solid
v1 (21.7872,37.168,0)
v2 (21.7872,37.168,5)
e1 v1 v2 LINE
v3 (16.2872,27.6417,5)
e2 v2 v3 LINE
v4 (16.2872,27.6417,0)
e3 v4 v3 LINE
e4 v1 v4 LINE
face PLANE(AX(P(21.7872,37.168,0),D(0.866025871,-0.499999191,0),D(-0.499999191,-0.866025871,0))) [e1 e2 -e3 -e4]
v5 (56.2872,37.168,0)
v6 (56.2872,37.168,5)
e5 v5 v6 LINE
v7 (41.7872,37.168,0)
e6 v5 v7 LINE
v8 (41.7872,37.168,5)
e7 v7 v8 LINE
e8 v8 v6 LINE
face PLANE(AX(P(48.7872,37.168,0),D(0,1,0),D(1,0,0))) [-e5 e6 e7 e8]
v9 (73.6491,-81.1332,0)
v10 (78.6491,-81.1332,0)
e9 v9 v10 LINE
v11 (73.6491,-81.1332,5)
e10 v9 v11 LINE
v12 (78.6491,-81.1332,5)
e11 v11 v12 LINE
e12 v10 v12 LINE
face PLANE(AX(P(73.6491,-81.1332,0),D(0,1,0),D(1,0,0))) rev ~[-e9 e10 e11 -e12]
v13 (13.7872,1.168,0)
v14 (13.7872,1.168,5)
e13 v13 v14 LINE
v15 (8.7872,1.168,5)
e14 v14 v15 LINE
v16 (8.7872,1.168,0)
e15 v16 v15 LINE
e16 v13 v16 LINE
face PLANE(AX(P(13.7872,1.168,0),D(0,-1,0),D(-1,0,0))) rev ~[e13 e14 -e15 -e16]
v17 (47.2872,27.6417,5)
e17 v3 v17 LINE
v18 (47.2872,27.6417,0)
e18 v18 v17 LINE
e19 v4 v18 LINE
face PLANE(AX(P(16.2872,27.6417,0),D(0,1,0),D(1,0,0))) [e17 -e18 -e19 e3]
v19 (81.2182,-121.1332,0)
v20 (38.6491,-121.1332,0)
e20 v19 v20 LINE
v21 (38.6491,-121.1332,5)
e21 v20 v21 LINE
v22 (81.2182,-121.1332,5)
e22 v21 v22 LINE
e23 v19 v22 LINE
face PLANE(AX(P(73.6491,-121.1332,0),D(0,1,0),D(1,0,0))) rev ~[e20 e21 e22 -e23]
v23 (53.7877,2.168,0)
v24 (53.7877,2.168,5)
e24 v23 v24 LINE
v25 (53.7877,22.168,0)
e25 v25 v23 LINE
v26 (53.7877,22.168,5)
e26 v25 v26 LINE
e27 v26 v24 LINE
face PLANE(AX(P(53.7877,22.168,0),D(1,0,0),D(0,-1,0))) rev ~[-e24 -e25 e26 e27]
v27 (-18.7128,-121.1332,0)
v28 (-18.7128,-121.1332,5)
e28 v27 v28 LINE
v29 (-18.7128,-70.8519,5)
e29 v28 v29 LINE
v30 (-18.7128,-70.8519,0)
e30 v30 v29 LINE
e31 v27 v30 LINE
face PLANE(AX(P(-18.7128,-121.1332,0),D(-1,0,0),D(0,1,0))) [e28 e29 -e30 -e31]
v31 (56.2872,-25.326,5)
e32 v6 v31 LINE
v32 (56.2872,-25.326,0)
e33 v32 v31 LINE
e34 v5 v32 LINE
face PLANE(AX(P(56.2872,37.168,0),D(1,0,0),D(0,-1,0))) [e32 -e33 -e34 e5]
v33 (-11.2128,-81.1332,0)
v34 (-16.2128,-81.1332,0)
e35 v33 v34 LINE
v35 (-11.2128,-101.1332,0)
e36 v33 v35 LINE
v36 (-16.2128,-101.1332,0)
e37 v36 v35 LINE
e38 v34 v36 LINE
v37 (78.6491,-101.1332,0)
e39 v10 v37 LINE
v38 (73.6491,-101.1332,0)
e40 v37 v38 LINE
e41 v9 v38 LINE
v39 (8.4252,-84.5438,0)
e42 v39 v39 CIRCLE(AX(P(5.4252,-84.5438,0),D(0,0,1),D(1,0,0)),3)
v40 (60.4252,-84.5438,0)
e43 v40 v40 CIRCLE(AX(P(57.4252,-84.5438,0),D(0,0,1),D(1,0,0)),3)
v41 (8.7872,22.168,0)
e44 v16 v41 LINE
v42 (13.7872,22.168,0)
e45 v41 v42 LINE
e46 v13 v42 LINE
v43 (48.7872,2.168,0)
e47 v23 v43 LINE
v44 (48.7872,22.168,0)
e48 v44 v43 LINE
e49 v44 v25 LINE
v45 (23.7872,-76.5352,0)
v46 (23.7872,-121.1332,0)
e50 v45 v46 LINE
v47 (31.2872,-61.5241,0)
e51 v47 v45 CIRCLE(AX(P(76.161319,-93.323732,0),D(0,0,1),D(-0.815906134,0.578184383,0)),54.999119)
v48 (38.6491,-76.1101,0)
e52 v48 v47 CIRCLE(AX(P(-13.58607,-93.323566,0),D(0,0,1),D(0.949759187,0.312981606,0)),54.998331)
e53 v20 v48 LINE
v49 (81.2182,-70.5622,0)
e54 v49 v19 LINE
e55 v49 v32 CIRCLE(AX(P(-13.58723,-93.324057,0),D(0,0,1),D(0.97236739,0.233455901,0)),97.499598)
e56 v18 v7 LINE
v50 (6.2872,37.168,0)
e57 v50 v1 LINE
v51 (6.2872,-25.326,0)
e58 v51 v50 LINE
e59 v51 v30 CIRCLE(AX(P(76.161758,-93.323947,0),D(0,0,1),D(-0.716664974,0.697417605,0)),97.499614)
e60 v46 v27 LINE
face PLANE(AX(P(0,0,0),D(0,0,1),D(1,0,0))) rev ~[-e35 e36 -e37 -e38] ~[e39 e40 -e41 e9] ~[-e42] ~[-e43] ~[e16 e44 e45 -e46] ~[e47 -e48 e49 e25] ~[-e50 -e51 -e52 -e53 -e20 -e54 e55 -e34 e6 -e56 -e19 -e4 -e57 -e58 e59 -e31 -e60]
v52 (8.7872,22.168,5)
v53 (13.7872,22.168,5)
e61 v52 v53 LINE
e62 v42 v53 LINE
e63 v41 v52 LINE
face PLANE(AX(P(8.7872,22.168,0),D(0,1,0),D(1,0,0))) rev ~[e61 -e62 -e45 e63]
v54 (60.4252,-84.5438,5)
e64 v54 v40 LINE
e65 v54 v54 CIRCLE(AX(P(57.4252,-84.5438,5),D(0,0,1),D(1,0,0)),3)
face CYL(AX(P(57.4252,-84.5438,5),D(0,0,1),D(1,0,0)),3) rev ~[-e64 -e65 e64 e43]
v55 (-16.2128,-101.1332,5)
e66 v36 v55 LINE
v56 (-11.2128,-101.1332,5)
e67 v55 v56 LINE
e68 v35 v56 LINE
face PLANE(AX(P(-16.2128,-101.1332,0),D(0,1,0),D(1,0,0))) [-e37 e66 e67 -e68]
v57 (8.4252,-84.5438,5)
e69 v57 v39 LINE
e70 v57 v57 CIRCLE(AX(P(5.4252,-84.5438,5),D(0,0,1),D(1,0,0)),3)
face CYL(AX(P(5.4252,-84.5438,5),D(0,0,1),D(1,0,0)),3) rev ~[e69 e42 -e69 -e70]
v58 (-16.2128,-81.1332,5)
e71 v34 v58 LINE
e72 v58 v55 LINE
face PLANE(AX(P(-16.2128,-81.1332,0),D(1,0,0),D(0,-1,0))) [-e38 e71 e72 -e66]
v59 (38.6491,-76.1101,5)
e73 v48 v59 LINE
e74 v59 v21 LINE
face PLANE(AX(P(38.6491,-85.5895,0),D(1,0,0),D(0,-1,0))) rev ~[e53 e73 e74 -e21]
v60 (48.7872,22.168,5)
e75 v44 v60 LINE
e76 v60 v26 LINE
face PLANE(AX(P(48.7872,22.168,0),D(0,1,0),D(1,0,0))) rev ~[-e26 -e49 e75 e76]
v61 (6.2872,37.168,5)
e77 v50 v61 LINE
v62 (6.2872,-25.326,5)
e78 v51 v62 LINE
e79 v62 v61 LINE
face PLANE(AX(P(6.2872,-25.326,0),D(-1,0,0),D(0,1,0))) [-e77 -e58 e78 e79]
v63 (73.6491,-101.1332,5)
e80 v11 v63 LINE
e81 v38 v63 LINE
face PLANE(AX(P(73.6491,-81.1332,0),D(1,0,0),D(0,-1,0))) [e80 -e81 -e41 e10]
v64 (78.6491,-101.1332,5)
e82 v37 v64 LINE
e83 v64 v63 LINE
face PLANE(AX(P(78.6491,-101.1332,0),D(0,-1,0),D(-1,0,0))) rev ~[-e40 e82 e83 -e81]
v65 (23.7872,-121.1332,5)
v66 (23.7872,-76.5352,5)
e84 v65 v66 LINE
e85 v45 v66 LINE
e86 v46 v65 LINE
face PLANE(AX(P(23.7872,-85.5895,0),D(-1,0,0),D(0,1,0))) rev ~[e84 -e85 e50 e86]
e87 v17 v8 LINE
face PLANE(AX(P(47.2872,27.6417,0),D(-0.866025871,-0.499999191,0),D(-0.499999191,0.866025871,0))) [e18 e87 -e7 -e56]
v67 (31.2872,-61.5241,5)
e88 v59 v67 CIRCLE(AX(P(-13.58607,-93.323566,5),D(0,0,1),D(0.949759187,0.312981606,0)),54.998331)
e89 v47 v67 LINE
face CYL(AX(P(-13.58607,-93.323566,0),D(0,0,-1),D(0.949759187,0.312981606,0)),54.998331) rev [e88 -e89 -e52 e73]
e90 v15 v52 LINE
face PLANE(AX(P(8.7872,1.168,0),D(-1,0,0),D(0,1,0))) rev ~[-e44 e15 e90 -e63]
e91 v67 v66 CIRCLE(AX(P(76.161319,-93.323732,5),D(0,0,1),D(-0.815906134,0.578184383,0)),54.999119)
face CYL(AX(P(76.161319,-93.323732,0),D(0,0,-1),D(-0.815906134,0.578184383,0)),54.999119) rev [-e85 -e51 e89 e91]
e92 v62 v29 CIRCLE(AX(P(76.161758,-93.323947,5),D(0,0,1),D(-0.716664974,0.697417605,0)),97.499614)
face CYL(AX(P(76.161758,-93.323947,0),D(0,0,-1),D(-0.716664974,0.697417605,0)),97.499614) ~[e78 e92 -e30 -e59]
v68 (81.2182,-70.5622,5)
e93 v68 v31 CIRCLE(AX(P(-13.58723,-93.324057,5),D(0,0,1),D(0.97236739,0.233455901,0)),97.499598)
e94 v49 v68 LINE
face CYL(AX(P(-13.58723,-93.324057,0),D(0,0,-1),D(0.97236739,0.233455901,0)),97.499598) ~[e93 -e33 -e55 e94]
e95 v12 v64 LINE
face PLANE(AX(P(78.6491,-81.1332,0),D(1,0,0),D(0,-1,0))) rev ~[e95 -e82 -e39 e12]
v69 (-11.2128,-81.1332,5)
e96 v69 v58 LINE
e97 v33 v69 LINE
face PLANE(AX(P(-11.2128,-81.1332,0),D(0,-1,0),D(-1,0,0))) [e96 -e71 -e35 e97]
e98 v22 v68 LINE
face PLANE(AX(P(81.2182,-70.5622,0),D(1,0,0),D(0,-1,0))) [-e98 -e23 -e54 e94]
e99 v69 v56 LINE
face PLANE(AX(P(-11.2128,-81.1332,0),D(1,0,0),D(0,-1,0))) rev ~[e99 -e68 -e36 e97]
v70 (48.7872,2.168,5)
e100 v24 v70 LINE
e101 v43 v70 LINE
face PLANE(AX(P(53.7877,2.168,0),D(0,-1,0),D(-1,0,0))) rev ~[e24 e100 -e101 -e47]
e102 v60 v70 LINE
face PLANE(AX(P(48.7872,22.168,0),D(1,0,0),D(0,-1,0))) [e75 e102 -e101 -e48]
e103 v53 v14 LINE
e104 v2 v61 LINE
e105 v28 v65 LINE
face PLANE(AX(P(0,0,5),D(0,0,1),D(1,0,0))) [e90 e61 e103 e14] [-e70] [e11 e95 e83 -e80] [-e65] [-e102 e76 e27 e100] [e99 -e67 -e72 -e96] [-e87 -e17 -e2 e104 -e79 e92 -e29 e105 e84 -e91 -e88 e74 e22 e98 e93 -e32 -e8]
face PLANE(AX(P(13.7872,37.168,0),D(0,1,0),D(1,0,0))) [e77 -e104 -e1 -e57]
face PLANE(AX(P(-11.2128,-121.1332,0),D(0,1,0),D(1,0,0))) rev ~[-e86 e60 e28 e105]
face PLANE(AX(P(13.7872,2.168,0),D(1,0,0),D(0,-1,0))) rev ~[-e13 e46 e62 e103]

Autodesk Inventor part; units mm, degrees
ref_plane "YZ Plane" through (0, 0, 0) normal (1, 0, 0) x (0, 1, 0)
ref_plane "XZ Plane" through (0, 0, 0) normal (0, 1, 0) x (-1, 0, 0)
ref_plane "XY Plane" through (0, 0, 0) normal (0, 0, 1) x (1, 0, 0)
sketch "Sketch1" plane through (0, 0, 0) normal (0, 0, 1) x (1, 0, 0)
  line L0 (48.7872, 31.5555) -> (48.7872, -28.4445)
  line L1 (13.7872, 31.5555) -> (13.7872, -28.4445)
  arc A0 (13.7872, -28.4445) -> (-11.2128, -71.7458) centre (76.1621, -93.3242) ccw
  line L2 (13.7872, -28.4445) -> (-11.2128, -71.7458) construction
  line L3 (13.7872, -28.4445) -> (63.7872, -28.4445) construction
  line L4 (-11.2128, -71.7458) -> (-11.2128, -121.7458)
  arc A1 (73.6491, -71.1938) -> (48.7872, -28.4445) centre (-13.5876, -93.3242) ccw
  line L5 (73.6491, -71.1938) -> (73.6491, -121.1332)
  line L6 (23.7872, -121.7458) -> (23.7872, -76.5352)
  arc A2 (31.2872, -61.5241) -> (23.7872, -76.5352) centre (76.1621, -93.3242) ccw
  arc A3 (38.6491, -76.1101) -> (31.2872, -61.5241) centre (-13.5876, -93.3242) ccw
  line L7 (38.6491, -76.1101) -> (38.6491, -121.1332)
  line L8 (-18.7128, -121.1332) -> (-18.7128, -70.8519)
  arc A4 (6.2872, -25.326) -> (-18.7128, -70.8519) centre (76.1621, -93.3242) ccw
  line L9 (6.2872, -25.326) -> (6.2872, 37.168)
  line L10 (6.2872, 37.168) -> (56.2872, 37.168)
  line L11 (56.2872, 37.168) -> (56.2872, -25.326)
  arc A5 (81.2182, -70.5622) -> (56.2872, -25.326) centre (-13.5876, -93.3242) ccw
  line L12 (81.2182, -70.5622) -> (81.2182, -121.1332)
  line L13 (-18.7128, -121.1332) -> (81.2182, -121.1332)
  line L14 (13.7872, 31.5555) -> (13.7872, 37.168)
  line L15 (48.7872, 31.5555) -> (48.7872, 37.168)
  line L16 (33.6491, -121.1332) -> (33.6491, -85.5895)
  line L17 (28.7872, -85.5895) -> (28.7872, -121.7458)
  line L18 (23.7872, -85.5895) -> (28.7872, -85.5895)
  line L19 (33.6491, -85.5895) -> (38.6491, -85.5895)
  line L20 (48.4283, 31.5555) -> (48.7872, 31.5555)
  line L21 (13.7872, 2.168) -> (13.7872, 22.168)
  line L22 (48.7872, 2.168) -> (48.7872, 22.168)
  line L23 (73.6491, -101.1332) -> (73.6491, -81.1332)
  line L24 (-11.2128, -81.1332) -> (-11.2128, -101.1332)
  line L25 (79.0378, -80.1332) -> (84.0378, -80.1332)
  line L26 (84.0378, -80.1332) -> (84.0378, -101.1332)
  line L27 (48.7872, 1.168) -> (48.7872, 22.168)
  line L28 (8.7872, 22.168) -> (13.7872, 22.168)
  line L29 (13.7872, 22.168) -> (13.7872, 1.168)
  line L30 (13.7872, 1.168) -> (8.7872, 1.168)
  line L31 (8.7872, 1.168) -> (8.7872, 22.168)
  line L32 (48.7872, 22.168) -> (53.7877, 22.168)
  line L33 (53.7877, 22.168) -> (53.7877, 2.168)
  line L34 (53.7877, 2.168) -> (48.7872, 2.168)
  line L35 (48.7872, 2.168) -> (48.7872, 22.168)
  line L36 (21.7872, 37.168) -> (16.2872, 27.6417)
  line L37 (21.7872, 37.168) -> (32.7872, 37.168) construction
  line L38 (16.2872, 27.6417) -> (47.2872, 27.6417)
  line L39 (47.2872, 27.6417) -> (41.7872, 37.168)
  line L40 (-11.2128, -81.1332) -> (-16.2128, -81.1332)
  line L41 (-16.2128, -81.1332) -> (-16.2128, -101.1332)
  line L42 (-16.2128, -101.1332) -> (-11.2128, -101.1332)
  line L43 (-11.2128, -101.1332) -> (-11.2128, -81.1332)
  line L44 (73.6491, -81.1332) -> (78.6491, -81.1332)
  line L45 (78.6491, -81.1332) -> (78.6491, -101.1332)
  line L46 (78.6491, -101.1332) -> (73.6491, -101.1332)
  line L47 (73.6491, -101.1332) -> (73.6491, -81.1332)
  point P0 (0, 0)
  point P1 (-11.2128, -121.1332)
  point P2 (23.7872, -121.1332)
  point P3 (36.2872, -121.7458)
  point P4 (71.2872, -121.7458)
  point P5 (28.7872, -121.1332)
  point P6 (31.2872, -121.7458)
  point P7 (81.2182, -80.1332)
  point P8 (13.7872, 22.168)
  point P9 (13.7872, 1.168)
  point P10 (48.7872, 2.168)
  point P11 (48.7872, 22.168)
  dimension "d0" = 35
  dimension "d1" = 60
  dimension "d2" = 50
  dimension "d3" = 120
  dimension "d4" = 90
  dimension "d5" = 50
  dimension "d6" = 35
  dimension "d7" = 7.5
  dimension "d12" = 5
  dimension "d16" = 7.5
  dimension "d22" = 158.3013
  dimension "d29" = 0
  dimension "d31" = 21
  dimension "d36" = 5
  dimension "d37" = 21
  dimension "d39" = 15
  dimension "d44" = 2.5
  dimension "d45" = 15
  dimension "d46" = 5.0004
  dimension "d47" = 20
  dimension "d48" = 90
  dimension "d49" = 90
  dimension "d50" = 2.8196
  dimension "d51" = 10.3887
  dimension "d52" = 27.7505
  dimension "d53" = 30.2501
  dimension "d54" = 45.3887
  dimension "d55" = 55.2505
  dimension "d58" = 111.6887
  dimension "d59" = 51.6887
  dimension "d60" = 5.4563
  dimension "d61" = 84.0378
  dimension "d62" = 80.1333
  dimension "d63" = 9.571
  dimension "d64" = 1
  dimension "d66" = 12.7505
  dimension "d67" = 41.6125
  dimension "d68" = 102.3013
  dimension "d69" = 82.3013
  dimension "d70" = 81.3013
  dimension "d71" = 47.7505
  dimension "d72" = 41.6125
  dimension "d73" = 52.7505
  dimension "d74" = 41.6125
  dimension "d75" = 55.2505
  dimension "d76" = 41
  dimension "d77" = 41.6125
  dimension "d78" = 60.2505
  dimension "d79" = 41
  dimension "d80" = 41.6125
  dimension "d81" = 102.3013
  dimension "d82" = 82.3013
  dimension "d83" = 1
  dimension "d84" = 21
  dimension "d85" = 95.2505
  dimension "d86" = 41
  dimension "d87" = 11
  dimension "d88" = 120
  dimension "d89" = 31
  dimension "d90" = 11
  dimension "d91" = 60
  dimension "d92" = 14.5
  dimension "d93" = 5
  dimension "d94" = 20
extrude "Extrusion1" add sketch "Sketch1" along normal blind 5 contours L15 L10 L11 A5 L12 L13 L5 L46 L45 L44 A1 L0 L34 L33 L32 | L0 A1 L5 L13 L7 A3 A2 L6 L4 A0 L1 L14 L10 L36 L38 L39 L15 | L14 L1 L28 L31 L30 A0 L4 L40 L41 L42 L13 L8 A4 L9 L10
sketch "Sketch2" plane through (0, 0, 5) normal (0, 0, 1) x (1, 0, 0)
  circle A0 centre (57.4252, -84.5438) radius 3
  circle A1 centre (5.4252, -84.5438) radius 3
  point P0 (0, 0)
  dimension "d99" = 6
  dimension "d100" = 6
  dimension "d101" = 52
extrude "Extrusion3" cut sketch "Sketch2" against normal blind 5
equation "\"d16\" = d7"
properties part number "newmiddle"
